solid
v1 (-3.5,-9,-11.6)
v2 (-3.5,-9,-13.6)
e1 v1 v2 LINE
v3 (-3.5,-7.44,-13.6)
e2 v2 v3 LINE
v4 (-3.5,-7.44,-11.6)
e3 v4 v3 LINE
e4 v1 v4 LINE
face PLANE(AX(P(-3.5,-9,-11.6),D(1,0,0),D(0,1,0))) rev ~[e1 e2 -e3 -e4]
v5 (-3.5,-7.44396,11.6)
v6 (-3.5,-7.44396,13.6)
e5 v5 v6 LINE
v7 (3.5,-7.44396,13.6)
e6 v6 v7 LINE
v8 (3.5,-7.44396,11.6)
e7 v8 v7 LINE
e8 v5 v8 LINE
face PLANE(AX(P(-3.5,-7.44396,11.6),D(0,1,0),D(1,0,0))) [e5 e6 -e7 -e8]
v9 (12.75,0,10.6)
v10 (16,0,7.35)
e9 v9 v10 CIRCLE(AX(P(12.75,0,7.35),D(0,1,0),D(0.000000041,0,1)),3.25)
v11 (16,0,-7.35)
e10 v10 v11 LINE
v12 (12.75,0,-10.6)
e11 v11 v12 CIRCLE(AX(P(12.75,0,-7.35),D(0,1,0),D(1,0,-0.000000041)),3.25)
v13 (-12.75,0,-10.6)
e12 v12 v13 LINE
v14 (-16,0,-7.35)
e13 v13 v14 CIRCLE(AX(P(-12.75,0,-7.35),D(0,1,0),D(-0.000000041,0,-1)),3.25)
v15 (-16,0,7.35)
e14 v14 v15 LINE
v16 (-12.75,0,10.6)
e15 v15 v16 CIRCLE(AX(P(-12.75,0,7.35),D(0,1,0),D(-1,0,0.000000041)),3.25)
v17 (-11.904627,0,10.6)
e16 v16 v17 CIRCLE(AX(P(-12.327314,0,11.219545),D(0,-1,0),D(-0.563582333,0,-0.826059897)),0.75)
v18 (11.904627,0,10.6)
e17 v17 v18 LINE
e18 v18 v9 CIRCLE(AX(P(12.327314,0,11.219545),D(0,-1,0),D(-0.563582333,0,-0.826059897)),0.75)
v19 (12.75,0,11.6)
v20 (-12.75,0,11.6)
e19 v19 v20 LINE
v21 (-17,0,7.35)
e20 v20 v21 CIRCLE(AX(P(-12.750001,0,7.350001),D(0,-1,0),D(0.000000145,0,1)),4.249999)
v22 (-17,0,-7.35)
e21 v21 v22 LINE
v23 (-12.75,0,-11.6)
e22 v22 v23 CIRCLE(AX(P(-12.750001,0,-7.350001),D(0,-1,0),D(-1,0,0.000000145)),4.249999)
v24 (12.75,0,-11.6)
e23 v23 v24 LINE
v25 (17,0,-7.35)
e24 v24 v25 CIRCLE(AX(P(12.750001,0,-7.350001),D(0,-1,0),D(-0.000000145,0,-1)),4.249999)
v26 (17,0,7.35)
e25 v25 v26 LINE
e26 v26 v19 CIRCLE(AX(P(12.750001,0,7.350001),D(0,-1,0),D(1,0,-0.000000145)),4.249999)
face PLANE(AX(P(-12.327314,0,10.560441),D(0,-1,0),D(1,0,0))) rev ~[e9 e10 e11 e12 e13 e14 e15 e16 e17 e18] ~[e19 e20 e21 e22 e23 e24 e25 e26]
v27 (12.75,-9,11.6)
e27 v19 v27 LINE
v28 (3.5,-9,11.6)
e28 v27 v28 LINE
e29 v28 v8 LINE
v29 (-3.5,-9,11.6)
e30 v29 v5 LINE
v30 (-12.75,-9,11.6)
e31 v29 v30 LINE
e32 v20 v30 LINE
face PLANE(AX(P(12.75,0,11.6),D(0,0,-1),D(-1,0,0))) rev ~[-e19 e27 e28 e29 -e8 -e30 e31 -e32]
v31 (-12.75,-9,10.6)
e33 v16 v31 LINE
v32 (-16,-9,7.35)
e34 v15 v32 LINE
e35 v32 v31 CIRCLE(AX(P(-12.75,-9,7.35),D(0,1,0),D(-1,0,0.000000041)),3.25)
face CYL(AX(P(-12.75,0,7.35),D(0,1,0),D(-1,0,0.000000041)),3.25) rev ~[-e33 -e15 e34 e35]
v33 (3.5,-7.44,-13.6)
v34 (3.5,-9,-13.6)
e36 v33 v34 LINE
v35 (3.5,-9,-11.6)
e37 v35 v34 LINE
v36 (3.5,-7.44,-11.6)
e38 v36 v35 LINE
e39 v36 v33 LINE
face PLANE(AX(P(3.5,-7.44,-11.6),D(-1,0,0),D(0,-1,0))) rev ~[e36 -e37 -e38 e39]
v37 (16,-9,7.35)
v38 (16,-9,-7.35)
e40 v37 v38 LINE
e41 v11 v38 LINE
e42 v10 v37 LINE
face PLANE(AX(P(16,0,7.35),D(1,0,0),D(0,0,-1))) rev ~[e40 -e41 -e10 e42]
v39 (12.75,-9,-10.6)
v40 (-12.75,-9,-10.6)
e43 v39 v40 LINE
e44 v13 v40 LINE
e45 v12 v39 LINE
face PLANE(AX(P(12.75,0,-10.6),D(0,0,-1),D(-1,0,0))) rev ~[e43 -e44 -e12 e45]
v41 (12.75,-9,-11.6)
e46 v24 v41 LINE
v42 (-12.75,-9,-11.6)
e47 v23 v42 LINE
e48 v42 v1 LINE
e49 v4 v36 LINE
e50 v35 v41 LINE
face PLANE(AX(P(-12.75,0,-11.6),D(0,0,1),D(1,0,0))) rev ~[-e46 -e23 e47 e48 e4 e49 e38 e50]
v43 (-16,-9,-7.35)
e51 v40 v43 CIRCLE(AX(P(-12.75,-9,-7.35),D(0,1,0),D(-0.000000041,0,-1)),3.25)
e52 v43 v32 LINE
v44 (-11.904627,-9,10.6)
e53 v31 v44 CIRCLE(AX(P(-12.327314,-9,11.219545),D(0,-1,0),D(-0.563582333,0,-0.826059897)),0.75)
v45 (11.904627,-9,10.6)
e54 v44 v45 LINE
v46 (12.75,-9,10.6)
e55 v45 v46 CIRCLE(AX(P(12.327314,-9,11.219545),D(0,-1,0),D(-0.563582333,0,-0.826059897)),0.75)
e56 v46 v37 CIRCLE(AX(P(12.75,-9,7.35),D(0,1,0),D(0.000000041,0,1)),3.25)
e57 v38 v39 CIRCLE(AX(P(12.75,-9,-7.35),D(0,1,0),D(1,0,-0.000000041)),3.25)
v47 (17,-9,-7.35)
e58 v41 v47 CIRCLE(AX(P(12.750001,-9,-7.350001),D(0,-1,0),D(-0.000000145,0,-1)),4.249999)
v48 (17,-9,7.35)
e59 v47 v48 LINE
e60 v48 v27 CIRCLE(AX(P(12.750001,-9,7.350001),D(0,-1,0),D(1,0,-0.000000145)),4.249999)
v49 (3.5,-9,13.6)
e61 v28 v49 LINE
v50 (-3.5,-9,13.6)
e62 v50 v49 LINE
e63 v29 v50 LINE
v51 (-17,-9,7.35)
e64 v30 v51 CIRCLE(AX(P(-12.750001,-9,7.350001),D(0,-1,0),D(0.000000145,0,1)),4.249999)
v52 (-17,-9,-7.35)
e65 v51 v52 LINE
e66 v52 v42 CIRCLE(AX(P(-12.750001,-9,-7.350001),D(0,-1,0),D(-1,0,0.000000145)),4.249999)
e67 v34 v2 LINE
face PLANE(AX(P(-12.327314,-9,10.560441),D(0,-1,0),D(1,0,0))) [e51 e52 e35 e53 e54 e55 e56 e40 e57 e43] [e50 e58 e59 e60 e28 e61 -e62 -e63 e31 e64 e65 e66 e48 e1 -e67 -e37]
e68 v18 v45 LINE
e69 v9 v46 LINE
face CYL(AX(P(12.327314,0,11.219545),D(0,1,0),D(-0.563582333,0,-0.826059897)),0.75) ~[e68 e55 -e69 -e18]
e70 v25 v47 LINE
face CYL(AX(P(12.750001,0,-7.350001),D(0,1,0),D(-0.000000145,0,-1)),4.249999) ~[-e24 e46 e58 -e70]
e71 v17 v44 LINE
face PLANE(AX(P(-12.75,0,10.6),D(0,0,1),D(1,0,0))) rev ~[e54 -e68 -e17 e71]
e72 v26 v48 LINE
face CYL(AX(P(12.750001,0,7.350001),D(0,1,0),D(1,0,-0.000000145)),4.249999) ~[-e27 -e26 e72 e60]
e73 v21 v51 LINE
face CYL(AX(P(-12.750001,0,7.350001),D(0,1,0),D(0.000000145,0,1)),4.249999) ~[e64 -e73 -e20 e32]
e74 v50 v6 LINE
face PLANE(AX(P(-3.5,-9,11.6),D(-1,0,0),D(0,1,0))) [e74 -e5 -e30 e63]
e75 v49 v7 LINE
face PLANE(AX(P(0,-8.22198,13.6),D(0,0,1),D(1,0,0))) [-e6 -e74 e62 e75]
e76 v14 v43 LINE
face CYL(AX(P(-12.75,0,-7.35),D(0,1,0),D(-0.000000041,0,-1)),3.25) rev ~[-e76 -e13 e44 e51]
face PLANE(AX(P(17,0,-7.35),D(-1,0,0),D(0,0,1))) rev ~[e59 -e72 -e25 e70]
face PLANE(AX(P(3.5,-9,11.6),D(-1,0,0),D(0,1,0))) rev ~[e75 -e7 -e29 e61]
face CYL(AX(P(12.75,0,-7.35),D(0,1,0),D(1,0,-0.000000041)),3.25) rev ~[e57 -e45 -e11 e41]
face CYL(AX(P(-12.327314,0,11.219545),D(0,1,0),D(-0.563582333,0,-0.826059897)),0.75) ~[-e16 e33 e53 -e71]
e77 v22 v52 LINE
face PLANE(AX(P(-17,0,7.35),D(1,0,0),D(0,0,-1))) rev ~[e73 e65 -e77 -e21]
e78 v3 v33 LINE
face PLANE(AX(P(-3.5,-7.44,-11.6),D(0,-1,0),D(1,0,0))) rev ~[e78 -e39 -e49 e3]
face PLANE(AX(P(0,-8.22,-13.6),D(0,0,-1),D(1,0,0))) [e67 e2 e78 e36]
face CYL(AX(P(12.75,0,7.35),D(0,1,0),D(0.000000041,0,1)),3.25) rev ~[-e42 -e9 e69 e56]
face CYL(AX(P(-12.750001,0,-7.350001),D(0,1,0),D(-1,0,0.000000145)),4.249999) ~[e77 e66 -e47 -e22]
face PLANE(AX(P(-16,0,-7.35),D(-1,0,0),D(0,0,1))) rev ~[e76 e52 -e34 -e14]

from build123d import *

# Parameters (mm, degrees)
F1_DEPTH = 9
F2_W     = 7
F2_H     = 1.55604
F3_DEPTH = 2
F5_DEPTH = 9
F6_DEPTH = 9
F8_DEPTH = 2


with BuildPart() as f1:
    # F0 (on Front) → F1 (new body)
    with BuildSketch(Plane.XZ):
        with BuildLine():
            Line((17, -7.35), (17, 7.35))
            ThreePointArc((17, 7.35), (15.755204, 10.355204), (12.75, 11.6))
            Line((12.75, 11.6), (-12.75, 11.6))
            ThreePointArc((-12.75, 11.6), (-15.755204, 10.355204), (-17, 7.35))
            Line((-17, 7.35), (-17, -7.35))
            ThreePointArc((-17, -7.35), (-15.755204, -10.355204), (-12.75, -11.6))
            Line((-12.75, -11.6), (12.75, -11.6))
            ThreePointArc((12.75, -11.6), (15.755204, -10.355204), (17, -7.35))
        make_face()
        with BuildLine():
            ThreePointArc((16, -7.35), (15.048097, -9.648097), (12.75, -10.6))
            Line((12.75, -10.6), (-12.75, -10.6))
            ThreePointArc((-12.75, -10.6), (-15.048097, -9.648097), (-16, -7.35))
            Line((-16, -7.35), (-16, 7.35))
            ThreePointArc((-16, 7.35), (-15.048097, 9.648097), (-12.75, 10.6))
            Line((-12.75, 10.6), (12.75, 10.6))
            ThreePointArc((12.75, 10.6), (15.048097, 9.648097), (16, 7.35))
            Line((16, 7.35), (16, -7.35))
        make_face(mode=Mode.SUBTRACT)
    extrude(amount=F1_DEPTH)

    # F2 (on face) → F3 (join)
    with BuildSketch(Plane.XY.offset(11.6)):
        with Locations((0, -8.22198)):
            Rectangle(F2_W, F2_H)
    extrude(amount=F3_DEPTH)

    # F4 (on Front) → F5 (join)
    with BuildSketch(Plane.XZ):
        with BuildLine():
            Line((-11.904627, 10.6), (-12.75, 10.6))
            ThreePointArc((-12.75, 10.6), (-12.327314, 10.469545), (-11.904627, 10.6))
        make_face()
        with BuildLine():
            ThreePointArc((11.904627, 10.6), (12.327314, 10.469545), (12.75, 10.6))
            Line((12.75, 10.6), (11.904627, 10.6))
        make_face()
    extrude(amount=F5_DEPTH)

    # F4 (on Front) → F6 (join)
    with BuildSketch(Plane.XZ):
        with BuildLine():
            Line((-11.904627, 10.6), (-12.75, 10.6))
            ThreePointArc((-12.75, 10.6), (-12.327314, 10.469545), (-11.904627, 10.6))
        make_face()
        with BuildLine():
            ThreePointArc((11.904627, 10.6), (12.327314, 10.469545), (12.75, 10.6))
            Line((12.75, 10.6), (11.904627, 10.6))
        make_face()
    extrude(amount=F6_DEPTH)

    # F7 (on face) → F8 (join)
    with BuildSketch(Plane(origin=(0, 0, -11.6), x_dir=(1, 0, 0), z_dir=(0, 0, -1))):
        Polygon((3.5, 9), (0, 9), (-3.5, 9), (-3.5, 7.44), (0, 7.44), (3.5, 7.44), align=None)
    extrude(amount=F8_DEPTH)


solid = f1.part
